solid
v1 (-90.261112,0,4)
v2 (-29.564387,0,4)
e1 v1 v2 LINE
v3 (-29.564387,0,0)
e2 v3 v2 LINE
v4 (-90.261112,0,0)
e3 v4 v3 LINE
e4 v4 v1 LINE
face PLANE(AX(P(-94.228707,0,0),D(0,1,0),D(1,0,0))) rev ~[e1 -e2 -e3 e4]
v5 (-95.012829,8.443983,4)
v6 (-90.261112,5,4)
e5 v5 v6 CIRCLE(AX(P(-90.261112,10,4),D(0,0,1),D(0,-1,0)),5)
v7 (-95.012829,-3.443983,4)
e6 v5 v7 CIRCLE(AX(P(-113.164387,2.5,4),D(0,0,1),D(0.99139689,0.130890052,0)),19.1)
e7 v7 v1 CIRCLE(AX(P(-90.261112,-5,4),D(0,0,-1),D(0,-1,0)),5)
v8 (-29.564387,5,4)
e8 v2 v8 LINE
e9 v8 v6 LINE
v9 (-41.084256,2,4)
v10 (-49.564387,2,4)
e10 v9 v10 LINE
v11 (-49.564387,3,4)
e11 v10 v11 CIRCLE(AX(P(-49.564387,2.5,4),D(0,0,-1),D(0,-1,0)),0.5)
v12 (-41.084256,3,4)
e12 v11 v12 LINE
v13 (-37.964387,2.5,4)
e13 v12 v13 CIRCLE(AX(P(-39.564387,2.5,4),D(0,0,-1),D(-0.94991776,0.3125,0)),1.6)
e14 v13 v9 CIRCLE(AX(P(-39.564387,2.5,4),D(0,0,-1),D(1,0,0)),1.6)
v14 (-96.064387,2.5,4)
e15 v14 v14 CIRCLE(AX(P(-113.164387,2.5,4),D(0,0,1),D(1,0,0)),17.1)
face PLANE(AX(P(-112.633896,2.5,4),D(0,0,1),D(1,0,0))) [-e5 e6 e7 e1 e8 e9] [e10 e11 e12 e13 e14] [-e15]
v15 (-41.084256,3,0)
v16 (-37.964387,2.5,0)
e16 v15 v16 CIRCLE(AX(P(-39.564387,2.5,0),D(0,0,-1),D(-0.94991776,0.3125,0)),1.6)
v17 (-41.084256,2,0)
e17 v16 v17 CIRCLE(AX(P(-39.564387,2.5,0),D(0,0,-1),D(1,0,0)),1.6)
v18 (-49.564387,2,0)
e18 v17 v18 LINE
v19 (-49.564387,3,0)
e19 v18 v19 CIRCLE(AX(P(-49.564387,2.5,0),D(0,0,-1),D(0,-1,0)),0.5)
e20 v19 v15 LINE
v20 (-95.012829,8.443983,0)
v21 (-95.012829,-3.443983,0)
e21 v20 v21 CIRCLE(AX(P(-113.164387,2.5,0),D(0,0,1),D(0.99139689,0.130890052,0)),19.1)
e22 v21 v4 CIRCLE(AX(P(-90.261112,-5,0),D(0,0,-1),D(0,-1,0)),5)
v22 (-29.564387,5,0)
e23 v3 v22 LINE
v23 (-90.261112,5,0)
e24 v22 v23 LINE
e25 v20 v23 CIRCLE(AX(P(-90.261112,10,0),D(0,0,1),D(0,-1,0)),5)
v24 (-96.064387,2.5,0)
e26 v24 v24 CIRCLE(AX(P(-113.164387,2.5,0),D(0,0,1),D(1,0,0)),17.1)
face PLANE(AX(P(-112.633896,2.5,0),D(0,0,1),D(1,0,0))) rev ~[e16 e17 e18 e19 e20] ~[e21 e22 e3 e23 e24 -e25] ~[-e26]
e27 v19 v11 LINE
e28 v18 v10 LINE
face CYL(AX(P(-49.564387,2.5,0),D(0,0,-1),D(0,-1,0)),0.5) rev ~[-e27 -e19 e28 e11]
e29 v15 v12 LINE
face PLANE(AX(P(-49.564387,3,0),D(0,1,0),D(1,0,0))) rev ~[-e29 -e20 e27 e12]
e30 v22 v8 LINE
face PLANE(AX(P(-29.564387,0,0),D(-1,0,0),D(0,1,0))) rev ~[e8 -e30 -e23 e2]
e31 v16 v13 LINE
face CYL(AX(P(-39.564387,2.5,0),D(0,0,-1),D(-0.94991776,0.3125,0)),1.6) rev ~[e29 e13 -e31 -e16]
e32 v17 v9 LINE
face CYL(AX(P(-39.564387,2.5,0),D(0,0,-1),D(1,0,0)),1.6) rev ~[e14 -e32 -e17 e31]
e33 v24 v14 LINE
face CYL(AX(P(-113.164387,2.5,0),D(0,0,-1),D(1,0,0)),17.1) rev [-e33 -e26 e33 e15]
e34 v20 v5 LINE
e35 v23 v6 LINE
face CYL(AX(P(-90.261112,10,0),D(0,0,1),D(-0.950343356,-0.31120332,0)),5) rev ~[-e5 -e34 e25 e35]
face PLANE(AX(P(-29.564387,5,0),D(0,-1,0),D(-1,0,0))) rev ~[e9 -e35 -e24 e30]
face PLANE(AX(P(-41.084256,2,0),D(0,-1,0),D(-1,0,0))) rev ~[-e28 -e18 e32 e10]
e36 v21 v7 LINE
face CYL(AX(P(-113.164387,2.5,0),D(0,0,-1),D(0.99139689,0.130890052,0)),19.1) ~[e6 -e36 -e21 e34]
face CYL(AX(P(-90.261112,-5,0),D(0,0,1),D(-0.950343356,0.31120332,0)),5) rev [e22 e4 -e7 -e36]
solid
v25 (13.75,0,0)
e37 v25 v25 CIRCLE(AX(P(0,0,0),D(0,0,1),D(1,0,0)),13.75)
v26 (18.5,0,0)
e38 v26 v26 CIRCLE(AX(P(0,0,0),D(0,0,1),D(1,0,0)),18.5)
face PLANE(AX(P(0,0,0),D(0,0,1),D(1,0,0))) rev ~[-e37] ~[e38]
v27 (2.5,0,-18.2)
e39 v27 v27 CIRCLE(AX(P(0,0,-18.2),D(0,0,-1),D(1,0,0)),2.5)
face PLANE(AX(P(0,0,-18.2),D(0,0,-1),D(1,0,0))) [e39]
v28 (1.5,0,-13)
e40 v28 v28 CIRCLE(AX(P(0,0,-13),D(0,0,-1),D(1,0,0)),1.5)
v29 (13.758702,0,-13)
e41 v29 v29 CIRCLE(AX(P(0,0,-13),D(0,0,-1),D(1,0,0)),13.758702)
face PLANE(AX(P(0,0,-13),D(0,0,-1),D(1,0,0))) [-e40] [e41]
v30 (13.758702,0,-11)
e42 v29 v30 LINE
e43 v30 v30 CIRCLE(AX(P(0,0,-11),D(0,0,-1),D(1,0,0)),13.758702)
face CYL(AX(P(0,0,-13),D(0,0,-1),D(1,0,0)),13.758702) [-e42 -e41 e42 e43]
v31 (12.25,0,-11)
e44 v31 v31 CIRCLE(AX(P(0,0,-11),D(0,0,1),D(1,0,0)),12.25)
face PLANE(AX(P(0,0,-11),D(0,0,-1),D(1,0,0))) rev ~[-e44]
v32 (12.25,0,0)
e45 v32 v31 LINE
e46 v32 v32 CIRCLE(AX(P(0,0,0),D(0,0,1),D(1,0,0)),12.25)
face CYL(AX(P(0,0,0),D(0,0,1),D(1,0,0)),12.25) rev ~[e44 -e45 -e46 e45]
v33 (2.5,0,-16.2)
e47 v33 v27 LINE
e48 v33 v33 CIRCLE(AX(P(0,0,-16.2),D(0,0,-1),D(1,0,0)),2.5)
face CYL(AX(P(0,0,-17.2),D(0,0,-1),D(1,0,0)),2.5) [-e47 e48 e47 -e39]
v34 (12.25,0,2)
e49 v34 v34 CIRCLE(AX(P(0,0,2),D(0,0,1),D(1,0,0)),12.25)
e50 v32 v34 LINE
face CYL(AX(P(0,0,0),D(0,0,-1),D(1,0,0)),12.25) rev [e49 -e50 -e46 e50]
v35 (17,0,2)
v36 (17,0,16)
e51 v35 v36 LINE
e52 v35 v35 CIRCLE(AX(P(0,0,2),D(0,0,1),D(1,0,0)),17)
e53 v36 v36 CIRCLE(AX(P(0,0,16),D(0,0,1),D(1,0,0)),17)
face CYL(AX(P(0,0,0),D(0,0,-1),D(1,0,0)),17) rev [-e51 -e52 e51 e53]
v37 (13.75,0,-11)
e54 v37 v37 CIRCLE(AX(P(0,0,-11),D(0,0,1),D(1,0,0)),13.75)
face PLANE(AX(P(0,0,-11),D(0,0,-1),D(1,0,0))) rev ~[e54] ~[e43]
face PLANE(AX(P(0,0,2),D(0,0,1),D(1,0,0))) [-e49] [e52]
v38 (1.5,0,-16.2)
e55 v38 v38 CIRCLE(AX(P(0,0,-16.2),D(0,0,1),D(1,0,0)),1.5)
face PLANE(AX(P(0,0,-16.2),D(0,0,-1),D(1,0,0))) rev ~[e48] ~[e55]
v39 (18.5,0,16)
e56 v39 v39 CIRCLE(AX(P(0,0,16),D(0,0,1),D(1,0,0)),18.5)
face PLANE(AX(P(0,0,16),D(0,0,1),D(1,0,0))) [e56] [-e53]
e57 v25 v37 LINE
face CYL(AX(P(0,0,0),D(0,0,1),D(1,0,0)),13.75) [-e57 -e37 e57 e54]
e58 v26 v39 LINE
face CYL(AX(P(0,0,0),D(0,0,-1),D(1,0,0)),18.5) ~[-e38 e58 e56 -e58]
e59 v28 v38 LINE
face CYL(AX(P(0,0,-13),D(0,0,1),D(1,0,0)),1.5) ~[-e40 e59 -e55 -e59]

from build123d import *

# Parameters (mm, degrees)
F0_R      = 18.5
F0_R_2    = 17
F1_DEPTH  = 16
F0_R_3    = 13.75
F0_R_4    = 12.25
F2_DEPTH  = 13
F3_DEPTH  = 2
F4_R      = 13.7587018694
F5_DEPTH  = 2
F6_DEPTH  = 2
F7_R      = 1.5
F8_DEPTH  = 4.2
F9_R      = 2.5
F9_R_2    = 1.5
F10_DEPTH = 1
F11_R     = 17.1
F12_DEPTH = 4
F13_R     = 5


with BuildPart() as f1:
    # F0 (on Top) → F1 (new body)
    with BuildSketch(Plane.XY):
        Circle(F0_R)
        Circle(F0_R_2, mode=Mode.SUBTRACT)
    extrude(amount=F1_DEPTH)



with BuildPart() as f2:
    # F0 (on Top) → F2 (new body)
    with BuildSketch(Plane.XY):
        Circle(F0_R_3)
        Circle(F0_R_4, mode=Mode.SUBTRACT)
    extrude(amount=-F2_DEPTH)


with BuildPart() as f1_1:
    add(f1.part)

    add(f2.part)  # F3 merges F2
    # F0 (on Top) → F3 (join)
    with BuildSketch(Plane.XY):
        Circle(F0_R_2)
        Circle(F0_R_3, mode=Mode.SUBTRACT)
    extrude(amount=F3_DEPTH)

    # F4 (on face) → F5 (join)
    with BuildSketch(Plane(origin=(0, 0, -13), x_dir=(1, 0, 0), z_dir=(0, 0, -1))):
        Circle(F4_R)
    extrude(amount=-F5_DEPTH)

    # F0 (on Top) → F6 (join)
    with BuildSketch(Plane.XY):
        Circle(F0_R_3)
        Circle(F0_R_4, mode=Mode.SUBTRACT)
    extrude(amount=F6_DEPTH)

    # F7 (on face) → F8 (join)
    with BuildSketch(Plane(origin=(0, 0, -13), x_dir=(1, 0, 0), z_dir=(0, 0, -1))):
        Circle(F7_R)
    extrude(amount=F8_DEPTH)

    # F9 (on face) → F10 (join, symmetric)
    with BuildSketch(Plane(origin=(0, 0, -17.2), x_dir=(1, 0, 0), z_dir=(0, 0, -1))):
        Circle(F9_R)
        Circle(F9_R_2, mode=Mode.SUBTRACT)
        Circle(F9_R_2)
    extrude(amount=F10_DEPTH, both=True)


with BuildPart() as f12:
    # F11 (on Top) → F12 (new body)
    with BuildSketch(Plane.XY):
        with BuildLine():
            ThreePointArc((-94.2287065711, 5), (-132.2643871768, 2.5), (-94.2287065711, 0))
            Line((-94.2287065711, 0), (-94.5643871768, 0))
            Line((-94.5643871768, 0), (-94.5643871768, 5))
            Line((-94.5643871768, 5), (-94.2287065711, 5))
        make_face()
        with Locations((-113.1643871768, 2.5)):
            Circle(F11_R, mode=Mode.SUBTRACT)
        with BuildLine():
            Line((-94.2287065711, 0), (-29.5643871768, 0))
            Line((-29.5643871768, 0), (-29.5643871768, 5))
            Line((-29.5643871768, 5), (-94.2287065711, 5))
            ThreePointArc((-94.2287065711, 5), (-94.1055112974, 3.7526971764), (-94.0643871768, 2.5))
            ThreePointArc((-94.0643871768, 2.5), (-94.1055112974, 1.2473028236), (-94.2287065711, 0))
        make_face()
        with BuildLine():
            ThreePointArc((-41.0842555921, 3), (-39.3111969958, 4.0798400971), (-37.9643871768, 2.5))
            ThreePointArc((-37.9643871768, 2.5), (-39.3111969958, 0.9201599029), (-41.0842555921, 2))
            Line((-41.0842555921, 2), (-49.5643871768, 2))
            ThreePointArc((-49.5643871768, 2), (-50.0643871768, 2.5), (-49.5643871768, 3))
            Line((-49.5643871768, 3), (-41.0842555921, 3))
        make_face(mode=Mode.SUBTRACT)
        with BuildLine():
            Line((-94.5643871768, 0), (-94.2287065711, 0))
            ThreePointArc((-94.2287065711, 0), (-94.1055112974, 1.2473028236), (-94.0643871768, 2.5))
            ThreePointArc((-94.0643871768, 2.5), (-94.1055112974, 3.7526971764), (-94.2287065711, 5))
            Line((-94.2287065711, 5), (-94.5643871768, 5))
            Line((-94.5643871768, 5), (-94.5643871768, 0))
        make_face()
    extrude(amount=F12_DEPTH)

    # F13
    f13_edges = [f12.edges().sort_by_distance(p)[0] for p in [
        (-94.228707, 5, 2),
        (-94.228707, 0, 2),
    ]]
    fillet(f13_edges, radius=F13_R)


solid = Compound([f1_1.part, f12.part])
